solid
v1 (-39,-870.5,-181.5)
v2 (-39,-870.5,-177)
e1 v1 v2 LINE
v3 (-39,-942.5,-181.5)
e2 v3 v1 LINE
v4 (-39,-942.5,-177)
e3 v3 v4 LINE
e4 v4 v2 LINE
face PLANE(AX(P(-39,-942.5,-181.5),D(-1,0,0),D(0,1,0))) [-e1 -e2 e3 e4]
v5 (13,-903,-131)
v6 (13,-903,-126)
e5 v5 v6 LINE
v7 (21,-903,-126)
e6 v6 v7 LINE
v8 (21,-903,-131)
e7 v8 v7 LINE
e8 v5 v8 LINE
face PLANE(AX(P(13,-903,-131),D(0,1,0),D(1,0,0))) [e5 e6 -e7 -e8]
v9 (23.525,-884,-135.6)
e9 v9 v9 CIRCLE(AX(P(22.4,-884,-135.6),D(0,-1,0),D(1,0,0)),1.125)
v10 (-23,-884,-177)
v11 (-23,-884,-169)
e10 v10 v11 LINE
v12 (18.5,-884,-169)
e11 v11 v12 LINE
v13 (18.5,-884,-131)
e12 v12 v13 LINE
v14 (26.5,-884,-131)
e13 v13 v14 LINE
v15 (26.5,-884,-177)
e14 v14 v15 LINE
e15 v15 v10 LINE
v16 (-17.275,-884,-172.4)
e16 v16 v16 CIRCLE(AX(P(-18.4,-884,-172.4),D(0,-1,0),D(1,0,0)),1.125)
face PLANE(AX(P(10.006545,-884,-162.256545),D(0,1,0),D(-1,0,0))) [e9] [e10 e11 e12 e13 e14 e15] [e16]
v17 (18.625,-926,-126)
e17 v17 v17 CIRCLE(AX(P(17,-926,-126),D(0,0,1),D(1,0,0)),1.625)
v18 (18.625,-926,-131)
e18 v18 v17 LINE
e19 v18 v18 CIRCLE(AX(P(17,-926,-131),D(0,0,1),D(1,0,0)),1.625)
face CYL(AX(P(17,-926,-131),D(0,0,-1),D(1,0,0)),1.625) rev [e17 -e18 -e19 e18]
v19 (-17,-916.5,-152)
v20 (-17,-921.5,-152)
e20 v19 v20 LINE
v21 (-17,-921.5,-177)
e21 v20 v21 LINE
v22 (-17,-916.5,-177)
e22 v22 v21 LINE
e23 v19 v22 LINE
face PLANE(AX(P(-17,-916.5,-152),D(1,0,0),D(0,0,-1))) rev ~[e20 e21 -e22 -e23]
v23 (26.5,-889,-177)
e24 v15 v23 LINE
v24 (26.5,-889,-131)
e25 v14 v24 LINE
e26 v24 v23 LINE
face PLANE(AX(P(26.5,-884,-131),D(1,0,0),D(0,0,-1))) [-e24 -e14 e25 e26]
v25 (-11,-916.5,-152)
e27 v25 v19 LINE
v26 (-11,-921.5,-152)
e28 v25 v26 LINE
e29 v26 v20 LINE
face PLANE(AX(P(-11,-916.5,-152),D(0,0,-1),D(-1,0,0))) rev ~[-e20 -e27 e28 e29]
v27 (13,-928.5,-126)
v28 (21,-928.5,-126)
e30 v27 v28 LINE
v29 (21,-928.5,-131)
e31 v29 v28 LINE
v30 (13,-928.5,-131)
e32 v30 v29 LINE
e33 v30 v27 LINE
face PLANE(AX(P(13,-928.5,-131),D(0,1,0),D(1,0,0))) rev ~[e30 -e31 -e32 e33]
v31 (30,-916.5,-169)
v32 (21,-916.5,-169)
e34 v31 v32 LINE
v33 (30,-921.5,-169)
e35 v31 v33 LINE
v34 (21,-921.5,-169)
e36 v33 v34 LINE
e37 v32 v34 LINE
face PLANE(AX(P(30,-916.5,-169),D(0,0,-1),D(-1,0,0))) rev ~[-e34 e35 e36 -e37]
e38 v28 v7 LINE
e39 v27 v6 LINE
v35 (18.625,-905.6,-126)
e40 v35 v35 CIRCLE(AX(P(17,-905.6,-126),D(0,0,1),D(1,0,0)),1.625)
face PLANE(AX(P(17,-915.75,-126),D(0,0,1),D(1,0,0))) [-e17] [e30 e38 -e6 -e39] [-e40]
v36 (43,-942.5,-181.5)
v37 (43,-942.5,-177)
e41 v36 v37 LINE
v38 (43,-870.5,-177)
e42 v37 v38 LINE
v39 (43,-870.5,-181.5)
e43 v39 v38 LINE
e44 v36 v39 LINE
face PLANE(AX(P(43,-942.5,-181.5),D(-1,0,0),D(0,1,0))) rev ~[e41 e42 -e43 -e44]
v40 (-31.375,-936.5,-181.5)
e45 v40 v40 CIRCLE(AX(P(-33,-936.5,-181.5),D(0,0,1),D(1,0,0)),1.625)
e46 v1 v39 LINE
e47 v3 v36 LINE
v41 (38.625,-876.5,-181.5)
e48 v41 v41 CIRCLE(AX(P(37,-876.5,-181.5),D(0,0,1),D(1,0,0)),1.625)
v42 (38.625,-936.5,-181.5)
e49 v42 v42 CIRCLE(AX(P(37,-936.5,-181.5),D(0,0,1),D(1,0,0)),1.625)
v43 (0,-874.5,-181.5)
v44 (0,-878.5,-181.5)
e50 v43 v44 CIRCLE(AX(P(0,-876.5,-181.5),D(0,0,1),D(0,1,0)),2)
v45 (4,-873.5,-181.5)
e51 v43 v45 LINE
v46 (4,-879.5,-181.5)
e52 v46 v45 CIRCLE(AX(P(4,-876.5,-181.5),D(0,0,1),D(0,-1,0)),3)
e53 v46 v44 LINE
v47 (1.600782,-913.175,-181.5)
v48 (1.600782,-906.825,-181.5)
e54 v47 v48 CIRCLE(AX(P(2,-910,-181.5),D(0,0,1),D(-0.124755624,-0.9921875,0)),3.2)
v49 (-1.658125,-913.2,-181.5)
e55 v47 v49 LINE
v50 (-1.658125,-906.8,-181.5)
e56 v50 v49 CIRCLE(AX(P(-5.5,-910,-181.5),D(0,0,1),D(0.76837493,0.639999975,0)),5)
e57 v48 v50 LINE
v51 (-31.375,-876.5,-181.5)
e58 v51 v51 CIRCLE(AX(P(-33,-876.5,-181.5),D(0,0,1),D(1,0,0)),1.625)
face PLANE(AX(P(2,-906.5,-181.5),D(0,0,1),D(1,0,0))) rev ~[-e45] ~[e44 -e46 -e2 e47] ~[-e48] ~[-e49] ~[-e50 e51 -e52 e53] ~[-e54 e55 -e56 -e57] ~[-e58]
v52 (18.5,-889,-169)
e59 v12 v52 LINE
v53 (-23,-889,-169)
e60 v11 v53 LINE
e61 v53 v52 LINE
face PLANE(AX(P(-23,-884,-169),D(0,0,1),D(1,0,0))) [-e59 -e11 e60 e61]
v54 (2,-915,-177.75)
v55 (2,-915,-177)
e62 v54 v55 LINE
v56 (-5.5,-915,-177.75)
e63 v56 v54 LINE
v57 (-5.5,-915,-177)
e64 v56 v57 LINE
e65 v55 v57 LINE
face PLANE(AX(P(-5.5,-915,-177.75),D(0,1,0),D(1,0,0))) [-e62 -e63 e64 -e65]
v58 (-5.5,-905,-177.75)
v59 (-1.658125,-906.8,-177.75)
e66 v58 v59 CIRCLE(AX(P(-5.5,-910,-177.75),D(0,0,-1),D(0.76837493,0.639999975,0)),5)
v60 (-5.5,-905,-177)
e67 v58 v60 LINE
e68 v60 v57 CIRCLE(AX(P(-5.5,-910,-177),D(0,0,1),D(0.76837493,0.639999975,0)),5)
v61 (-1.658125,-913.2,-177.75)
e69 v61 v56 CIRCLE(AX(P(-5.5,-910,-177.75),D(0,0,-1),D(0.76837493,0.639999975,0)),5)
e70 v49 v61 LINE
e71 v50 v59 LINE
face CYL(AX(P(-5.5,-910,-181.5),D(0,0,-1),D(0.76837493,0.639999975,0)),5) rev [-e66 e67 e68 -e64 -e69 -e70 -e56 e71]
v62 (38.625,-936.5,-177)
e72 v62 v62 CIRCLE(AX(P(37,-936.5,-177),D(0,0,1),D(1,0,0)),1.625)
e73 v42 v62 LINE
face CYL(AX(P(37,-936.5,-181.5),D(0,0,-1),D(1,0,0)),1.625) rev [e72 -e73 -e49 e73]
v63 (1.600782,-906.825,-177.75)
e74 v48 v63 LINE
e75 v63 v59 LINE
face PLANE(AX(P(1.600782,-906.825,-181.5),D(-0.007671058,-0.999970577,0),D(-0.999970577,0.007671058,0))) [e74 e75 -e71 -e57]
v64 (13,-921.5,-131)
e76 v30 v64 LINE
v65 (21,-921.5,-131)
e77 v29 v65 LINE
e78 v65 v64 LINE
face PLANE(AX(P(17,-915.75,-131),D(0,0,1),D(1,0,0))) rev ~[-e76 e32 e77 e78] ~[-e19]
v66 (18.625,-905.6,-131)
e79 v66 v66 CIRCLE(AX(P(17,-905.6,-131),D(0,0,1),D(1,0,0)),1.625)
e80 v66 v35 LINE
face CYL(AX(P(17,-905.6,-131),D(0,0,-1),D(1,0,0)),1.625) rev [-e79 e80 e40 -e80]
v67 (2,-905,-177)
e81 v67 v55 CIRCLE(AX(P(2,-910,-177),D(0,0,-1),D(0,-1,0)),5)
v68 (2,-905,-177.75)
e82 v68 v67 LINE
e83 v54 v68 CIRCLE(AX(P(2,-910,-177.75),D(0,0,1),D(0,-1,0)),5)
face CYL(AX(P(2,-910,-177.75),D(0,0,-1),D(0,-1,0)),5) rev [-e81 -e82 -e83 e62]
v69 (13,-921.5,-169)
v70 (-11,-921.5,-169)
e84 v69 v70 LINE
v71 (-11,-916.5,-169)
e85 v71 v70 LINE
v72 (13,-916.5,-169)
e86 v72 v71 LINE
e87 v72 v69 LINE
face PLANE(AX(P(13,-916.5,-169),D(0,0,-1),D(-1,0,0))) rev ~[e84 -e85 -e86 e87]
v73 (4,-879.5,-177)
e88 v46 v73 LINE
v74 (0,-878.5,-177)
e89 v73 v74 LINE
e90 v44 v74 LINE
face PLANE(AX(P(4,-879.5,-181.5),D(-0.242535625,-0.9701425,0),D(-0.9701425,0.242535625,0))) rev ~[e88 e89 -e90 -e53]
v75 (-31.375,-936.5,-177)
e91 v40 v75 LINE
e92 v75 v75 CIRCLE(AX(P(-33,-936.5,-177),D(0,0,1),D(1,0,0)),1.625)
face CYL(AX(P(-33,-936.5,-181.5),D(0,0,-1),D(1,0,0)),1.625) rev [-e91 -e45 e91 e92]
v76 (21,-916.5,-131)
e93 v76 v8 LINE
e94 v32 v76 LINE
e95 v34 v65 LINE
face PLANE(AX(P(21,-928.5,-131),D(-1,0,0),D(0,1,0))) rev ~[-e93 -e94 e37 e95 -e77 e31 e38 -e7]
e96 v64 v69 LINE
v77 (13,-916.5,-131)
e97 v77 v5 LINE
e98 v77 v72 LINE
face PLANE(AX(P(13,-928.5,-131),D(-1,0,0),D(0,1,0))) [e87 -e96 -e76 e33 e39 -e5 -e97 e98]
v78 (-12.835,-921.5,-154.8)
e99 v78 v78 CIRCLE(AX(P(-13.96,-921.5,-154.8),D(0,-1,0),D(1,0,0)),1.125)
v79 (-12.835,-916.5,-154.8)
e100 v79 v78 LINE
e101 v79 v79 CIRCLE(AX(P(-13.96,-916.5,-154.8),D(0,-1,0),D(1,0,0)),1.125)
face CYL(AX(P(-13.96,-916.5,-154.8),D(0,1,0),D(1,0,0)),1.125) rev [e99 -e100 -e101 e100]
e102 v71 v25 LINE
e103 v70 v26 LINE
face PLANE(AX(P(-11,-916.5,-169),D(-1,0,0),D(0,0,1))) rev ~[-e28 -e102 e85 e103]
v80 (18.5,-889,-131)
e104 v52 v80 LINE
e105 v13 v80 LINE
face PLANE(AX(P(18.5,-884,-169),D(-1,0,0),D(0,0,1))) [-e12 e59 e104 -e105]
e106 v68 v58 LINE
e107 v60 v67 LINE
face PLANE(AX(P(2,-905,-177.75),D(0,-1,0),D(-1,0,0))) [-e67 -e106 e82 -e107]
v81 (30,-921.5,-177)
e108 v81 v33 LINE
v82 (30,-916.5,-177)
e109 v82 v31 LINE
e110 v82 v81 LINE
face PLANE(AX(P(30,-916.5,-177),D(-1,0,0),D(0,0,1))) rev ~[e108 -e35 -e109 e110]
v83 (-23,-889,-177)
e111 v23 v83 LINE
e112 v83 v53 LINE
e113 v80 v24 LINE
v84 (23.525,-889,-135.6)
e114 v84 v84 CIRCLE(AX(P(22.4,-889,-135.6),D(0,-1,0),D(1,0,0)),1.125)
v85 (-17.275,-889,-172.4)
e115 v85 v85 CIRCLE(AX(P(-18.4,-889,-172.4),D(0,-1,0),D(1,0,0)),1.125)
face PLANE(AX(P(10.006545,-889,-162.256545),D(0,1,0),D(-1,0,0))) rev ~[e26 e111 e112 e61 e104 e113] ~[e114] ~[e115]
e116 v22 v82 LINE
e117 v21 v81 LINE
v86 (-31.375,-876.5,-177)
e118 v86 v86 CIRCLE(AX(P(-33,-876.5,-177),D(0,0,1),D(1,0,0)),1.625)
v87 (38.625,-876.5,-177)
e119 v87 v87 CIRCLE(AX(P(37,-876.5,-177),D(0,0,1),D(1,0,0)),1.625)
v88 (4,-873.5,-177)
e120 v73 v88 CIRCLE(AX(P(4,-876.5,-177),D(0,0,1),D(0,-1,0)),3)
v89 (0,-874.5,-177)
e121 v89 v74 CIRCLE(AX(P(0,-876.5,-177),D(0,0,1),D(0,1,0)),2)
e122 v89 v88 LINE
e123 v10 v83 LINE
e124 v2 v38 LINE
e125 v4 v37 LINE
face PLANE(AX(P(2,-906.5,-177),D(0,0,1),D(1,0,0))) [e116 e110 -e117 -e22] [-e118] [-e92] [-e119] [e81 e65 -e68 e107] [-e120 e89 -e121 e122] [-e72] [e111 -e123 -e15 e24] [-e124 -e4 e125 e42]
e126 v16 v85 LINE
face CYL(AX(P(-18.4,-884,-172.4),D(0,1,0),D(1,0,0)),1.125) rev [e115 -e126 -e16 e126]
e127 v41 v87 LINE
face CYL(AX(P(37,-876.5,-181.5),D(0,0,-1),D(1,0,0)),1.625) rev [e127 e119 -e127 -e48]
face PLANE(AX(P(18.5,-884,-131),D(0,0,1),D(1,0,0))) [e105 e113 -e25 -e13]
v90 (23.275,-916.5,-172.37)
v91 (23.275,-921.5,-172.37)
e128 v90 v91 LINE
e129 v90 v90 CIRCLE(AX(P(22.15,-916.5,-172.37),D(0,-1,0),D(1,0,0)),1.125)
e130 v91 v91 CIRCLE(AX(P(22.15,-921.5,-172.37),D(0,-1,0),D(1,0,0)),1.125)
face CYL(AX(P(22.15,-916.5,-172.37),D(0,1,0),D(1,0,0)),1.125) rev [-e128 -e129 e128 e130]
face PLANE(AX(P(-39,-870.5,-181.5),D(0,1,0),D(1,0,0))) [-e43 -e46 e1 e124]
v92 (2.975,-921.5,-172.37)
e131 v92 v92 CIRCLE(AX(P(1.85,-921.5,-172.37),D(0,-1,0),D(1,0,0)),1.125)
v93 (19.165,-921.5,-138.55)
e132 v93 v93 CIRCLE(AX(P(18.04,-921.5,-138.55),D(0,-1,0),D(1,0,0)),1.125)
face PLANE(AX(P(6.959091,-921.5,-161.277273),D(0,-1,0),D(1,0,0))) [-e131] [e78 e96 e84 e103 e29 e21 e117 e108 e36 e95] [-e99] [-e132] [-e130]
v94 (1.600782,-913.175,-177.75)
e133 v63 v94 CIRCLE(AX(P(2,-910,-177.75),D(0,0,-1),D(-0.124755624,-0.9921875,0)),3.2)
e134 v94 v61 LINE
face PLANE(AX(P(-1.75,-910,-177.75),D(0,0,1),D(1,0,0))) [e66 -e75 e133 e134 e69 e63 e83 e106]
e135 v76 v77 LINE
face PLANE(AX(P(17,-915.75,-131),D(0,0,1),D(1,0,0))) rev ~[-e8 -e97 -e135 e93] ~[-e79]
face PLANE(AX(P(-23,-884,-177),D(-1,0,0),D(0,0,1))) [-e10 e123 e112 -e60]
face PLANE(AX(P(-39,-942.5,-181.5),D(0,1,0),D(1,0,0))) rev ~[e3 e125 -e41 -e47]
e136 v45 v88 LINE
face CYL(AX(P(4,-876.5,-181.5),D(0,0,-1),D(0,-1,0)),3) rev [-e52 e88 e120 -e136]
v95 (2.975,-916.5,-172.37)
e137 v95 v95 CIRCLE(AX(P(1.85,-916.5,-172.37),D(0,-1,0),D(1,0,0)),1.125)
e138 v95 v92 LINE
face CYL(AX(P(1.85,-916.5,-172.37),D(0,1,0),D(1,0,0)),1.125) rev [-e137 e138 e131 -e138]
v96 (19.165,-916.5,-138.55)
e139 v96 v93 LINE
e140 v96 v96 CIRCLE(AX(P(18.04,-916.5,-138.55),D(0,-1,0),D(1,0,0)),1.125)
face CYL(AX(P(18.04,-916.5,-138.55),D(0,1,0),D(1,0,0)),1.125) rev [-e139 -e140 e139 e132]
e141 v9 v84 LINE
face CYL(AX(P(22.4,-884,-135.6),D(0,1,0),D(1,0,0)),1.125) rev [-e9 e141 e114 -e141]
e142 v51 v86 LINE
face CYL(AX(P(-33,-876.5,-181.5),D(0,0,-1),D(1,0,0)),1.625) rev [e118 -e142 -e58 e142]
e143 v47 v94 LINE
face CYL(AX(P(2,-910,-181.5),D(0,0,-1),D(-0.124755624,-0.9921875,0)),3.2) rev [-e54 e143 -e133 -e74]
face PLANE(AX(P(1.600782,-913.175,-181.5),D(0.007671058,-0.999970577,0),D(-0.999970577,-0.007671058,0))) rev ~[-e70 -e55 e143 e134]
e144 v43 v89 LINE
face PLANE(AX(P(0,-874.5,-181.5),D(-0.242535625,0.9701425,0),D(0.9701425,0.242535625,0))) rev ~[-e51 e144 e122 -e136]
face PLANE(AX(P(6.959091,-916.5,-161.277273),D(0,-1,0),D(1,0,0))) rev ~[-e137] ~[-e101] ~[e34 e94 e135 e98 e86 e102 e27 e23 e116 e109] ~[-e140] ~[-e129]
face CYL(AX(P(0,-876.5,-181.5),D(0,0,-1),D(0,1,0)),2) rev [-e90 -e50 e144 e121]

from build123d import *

# Parameters (mm, degrees)
EXTRUDE031_DEPTH = 5
SKETCH021_R      = 1.125
EXTRUDE005_DEPTH = 5
SKETCH020_W      = 8
SKETCH020_H      = 25.5
SKETCH020_R      = 1.625
EXTRUDE004_DEPTH = 5
SKETCH019_R      = 1.125
EXTRUDE003_DEPTH = 5
SKETCH093_W      = 82
SKETCH093_H      = 72
SKETCH093_R      = 1.625
EXTRUDE030_DEPTH = 4.5


with BuildPart() as basemiccut:
    # Sketch094 → Extrude031 (new body)
    with BuildSketch(Plane.XY):
        with BuildLine():
            ThreePointArc((-7.5, -283.5), (-12.5, -288.5), (-7.5, -293.5))
            Line((-7.5, -293.5), (0, -293.5))
            ThreePointArc((0, -293.5), (5, -288.5), (0, -283.5))
            Line((0, -283.5), (-7.5, -283.5))
        make_face()
    extrude(amount=EXTRUDE031_DEPTH)


with BuildPart() as basemiccut_1:
    # Extrude031 placement: moved
    add(basemiccut.part.moved(Location((0, 0, -309.75))))


with BuildPart() as ipshold:
    # Sketch021 (on Extrude) → Extrude005 (new body)
    with BuildSketch(Plane.XZ):
        Polygon((-25, -309), (-25, -301), (16.5, -301), (16.5, -263), (24.5, -263), (24.5, -309), align=None)
        with Locations((-20.4, -304.4)):
            Circle(SKETCH021_R, mode=Mode.SUBTRACT)
        with Locations((20.4, -267.6)):
            Circle(SKETCH021_R, mode=Mode.SUBTRACT)
    extrude(amount=EXTRUDE005_DEPTH)


with BuildPart() as ipshold_1:
    # Extrude005 placement: moved
    add(ipshold.part.moved(Location((0, -262.5, 0))))


with BuildPart() as gpshold:
    # Sketch020 → Extrude004 (new body)
    with BuildSketch(Plane.XY.offset(-263)):
        with Locations((15, -294.25)):
            Rectangle(SKETCH020_W, SKETCH020_H)
        with Locations((15, -284.1)):
            Circle(SKETCH020_R, mode=Mode.SUBTRACT)
        with Locations((15, -304.5)):
            Circle(SKETCH020_R, mode=Mode.SUBTRACT)
    extrude(amount=EXTRUDE004_DEPTH)


with BuildPart() as i2chold:
    # Sketch019 → Extrude003 (new body)
    with BuildSketch(Plane.XZ.offset(295)):
        Polygon((28, -309), (28, -301), (19, -301), (19, -263), (11, -263), (11, -301), (-13, -301), (-13, -284), (-19, -284), (-19, -309), align=None)
        with Locations((-15.96, -286.8)):
            Circle(SKETCH019_R, mode=Mode.SUBTRACT)
        with Locations((-0.15, -304.37)):
            Circle(SKETCH019_R, mode=Mode.SUBTRACT)
        with Locations((20.15, -304.37)):
            Circle(SKETCH019_R, mode=Mode.SUBTRACT)
        with Locations((16.04, -270.55)):
            Circle(SKETCH019_R, mode=Mode.SUBTRACT)
    extrude(amount=EXTRUDE003_DEPTH)


with BuildPart() as base012:
    # Sketch093 → Extrude030 (new body)
    with BuildSketch(Plane.XY):
        with Locations((0, -285)):
            Rectangle(SKETCH093_W, SKETCH093_H)
        with Locations((-35, -315)):
            Circle(SKETCH093_R, mode=Mode.SUBTRACT)
        with Locations((35, -315)):
            Circle(SKETCH093_R, mode=Mode.SUBTRACT)
        with Locations((35, -255)):
            Circle(SKETCH093_R, mode=Mode.SUBTRACT)
        with Locations((-35, -255)):
            Circle(SKETCH093_R, mode=Mode.SUBTRACT)
        with BuildLine():
            ThreePointArc((-3.658125, -285.3), (-12.5, -288.5), (-3.658125, -291.7))
            Line((-0.399218, -291.675), (-3.658125, -291.7))
            ThreePointArc((-0.399218, -291.675), (3.2, -288.5), (-0.399218, -285.325))
            Line((-0.399218, -285.325), (-3.658125, -285.3))
        make_face(mode=Mode.SUBTRACT)
        with BuildLine():
            ThreePointArc((-2, -253), (-4, -255), (-2, -257))
            Line((2, -258), (-2, -257))
            ThreePointArc((2, -258), (5, -255), (2, -252))
            Line((-2, -253), (2, -252))
        make_face(mode=Mode.SUBTRACT)
    extrude(amount=EXTRUDE030_DEPTH)


with BuildPart() as base012_1:
    # Extrude030 placement: moved
    add(base012.part.moved(Location((0, 0, -313.5))))

    # Fusion078: union ipsHold, gpsHold, i2cHold
    add(ipshold_1.part)
    add(gpshold.part)
    add(i2chold.part)

    # Cut035: cut baseMicCut
    add(basemiccut_1.part, mode=Mode.SUBTRACT)


with BuildPart() as base012_2:
    # Cut035 placement: moved
    add(base012_1.part.moved(Location((2, -621.5, 132))))


solid = base012_2.part
